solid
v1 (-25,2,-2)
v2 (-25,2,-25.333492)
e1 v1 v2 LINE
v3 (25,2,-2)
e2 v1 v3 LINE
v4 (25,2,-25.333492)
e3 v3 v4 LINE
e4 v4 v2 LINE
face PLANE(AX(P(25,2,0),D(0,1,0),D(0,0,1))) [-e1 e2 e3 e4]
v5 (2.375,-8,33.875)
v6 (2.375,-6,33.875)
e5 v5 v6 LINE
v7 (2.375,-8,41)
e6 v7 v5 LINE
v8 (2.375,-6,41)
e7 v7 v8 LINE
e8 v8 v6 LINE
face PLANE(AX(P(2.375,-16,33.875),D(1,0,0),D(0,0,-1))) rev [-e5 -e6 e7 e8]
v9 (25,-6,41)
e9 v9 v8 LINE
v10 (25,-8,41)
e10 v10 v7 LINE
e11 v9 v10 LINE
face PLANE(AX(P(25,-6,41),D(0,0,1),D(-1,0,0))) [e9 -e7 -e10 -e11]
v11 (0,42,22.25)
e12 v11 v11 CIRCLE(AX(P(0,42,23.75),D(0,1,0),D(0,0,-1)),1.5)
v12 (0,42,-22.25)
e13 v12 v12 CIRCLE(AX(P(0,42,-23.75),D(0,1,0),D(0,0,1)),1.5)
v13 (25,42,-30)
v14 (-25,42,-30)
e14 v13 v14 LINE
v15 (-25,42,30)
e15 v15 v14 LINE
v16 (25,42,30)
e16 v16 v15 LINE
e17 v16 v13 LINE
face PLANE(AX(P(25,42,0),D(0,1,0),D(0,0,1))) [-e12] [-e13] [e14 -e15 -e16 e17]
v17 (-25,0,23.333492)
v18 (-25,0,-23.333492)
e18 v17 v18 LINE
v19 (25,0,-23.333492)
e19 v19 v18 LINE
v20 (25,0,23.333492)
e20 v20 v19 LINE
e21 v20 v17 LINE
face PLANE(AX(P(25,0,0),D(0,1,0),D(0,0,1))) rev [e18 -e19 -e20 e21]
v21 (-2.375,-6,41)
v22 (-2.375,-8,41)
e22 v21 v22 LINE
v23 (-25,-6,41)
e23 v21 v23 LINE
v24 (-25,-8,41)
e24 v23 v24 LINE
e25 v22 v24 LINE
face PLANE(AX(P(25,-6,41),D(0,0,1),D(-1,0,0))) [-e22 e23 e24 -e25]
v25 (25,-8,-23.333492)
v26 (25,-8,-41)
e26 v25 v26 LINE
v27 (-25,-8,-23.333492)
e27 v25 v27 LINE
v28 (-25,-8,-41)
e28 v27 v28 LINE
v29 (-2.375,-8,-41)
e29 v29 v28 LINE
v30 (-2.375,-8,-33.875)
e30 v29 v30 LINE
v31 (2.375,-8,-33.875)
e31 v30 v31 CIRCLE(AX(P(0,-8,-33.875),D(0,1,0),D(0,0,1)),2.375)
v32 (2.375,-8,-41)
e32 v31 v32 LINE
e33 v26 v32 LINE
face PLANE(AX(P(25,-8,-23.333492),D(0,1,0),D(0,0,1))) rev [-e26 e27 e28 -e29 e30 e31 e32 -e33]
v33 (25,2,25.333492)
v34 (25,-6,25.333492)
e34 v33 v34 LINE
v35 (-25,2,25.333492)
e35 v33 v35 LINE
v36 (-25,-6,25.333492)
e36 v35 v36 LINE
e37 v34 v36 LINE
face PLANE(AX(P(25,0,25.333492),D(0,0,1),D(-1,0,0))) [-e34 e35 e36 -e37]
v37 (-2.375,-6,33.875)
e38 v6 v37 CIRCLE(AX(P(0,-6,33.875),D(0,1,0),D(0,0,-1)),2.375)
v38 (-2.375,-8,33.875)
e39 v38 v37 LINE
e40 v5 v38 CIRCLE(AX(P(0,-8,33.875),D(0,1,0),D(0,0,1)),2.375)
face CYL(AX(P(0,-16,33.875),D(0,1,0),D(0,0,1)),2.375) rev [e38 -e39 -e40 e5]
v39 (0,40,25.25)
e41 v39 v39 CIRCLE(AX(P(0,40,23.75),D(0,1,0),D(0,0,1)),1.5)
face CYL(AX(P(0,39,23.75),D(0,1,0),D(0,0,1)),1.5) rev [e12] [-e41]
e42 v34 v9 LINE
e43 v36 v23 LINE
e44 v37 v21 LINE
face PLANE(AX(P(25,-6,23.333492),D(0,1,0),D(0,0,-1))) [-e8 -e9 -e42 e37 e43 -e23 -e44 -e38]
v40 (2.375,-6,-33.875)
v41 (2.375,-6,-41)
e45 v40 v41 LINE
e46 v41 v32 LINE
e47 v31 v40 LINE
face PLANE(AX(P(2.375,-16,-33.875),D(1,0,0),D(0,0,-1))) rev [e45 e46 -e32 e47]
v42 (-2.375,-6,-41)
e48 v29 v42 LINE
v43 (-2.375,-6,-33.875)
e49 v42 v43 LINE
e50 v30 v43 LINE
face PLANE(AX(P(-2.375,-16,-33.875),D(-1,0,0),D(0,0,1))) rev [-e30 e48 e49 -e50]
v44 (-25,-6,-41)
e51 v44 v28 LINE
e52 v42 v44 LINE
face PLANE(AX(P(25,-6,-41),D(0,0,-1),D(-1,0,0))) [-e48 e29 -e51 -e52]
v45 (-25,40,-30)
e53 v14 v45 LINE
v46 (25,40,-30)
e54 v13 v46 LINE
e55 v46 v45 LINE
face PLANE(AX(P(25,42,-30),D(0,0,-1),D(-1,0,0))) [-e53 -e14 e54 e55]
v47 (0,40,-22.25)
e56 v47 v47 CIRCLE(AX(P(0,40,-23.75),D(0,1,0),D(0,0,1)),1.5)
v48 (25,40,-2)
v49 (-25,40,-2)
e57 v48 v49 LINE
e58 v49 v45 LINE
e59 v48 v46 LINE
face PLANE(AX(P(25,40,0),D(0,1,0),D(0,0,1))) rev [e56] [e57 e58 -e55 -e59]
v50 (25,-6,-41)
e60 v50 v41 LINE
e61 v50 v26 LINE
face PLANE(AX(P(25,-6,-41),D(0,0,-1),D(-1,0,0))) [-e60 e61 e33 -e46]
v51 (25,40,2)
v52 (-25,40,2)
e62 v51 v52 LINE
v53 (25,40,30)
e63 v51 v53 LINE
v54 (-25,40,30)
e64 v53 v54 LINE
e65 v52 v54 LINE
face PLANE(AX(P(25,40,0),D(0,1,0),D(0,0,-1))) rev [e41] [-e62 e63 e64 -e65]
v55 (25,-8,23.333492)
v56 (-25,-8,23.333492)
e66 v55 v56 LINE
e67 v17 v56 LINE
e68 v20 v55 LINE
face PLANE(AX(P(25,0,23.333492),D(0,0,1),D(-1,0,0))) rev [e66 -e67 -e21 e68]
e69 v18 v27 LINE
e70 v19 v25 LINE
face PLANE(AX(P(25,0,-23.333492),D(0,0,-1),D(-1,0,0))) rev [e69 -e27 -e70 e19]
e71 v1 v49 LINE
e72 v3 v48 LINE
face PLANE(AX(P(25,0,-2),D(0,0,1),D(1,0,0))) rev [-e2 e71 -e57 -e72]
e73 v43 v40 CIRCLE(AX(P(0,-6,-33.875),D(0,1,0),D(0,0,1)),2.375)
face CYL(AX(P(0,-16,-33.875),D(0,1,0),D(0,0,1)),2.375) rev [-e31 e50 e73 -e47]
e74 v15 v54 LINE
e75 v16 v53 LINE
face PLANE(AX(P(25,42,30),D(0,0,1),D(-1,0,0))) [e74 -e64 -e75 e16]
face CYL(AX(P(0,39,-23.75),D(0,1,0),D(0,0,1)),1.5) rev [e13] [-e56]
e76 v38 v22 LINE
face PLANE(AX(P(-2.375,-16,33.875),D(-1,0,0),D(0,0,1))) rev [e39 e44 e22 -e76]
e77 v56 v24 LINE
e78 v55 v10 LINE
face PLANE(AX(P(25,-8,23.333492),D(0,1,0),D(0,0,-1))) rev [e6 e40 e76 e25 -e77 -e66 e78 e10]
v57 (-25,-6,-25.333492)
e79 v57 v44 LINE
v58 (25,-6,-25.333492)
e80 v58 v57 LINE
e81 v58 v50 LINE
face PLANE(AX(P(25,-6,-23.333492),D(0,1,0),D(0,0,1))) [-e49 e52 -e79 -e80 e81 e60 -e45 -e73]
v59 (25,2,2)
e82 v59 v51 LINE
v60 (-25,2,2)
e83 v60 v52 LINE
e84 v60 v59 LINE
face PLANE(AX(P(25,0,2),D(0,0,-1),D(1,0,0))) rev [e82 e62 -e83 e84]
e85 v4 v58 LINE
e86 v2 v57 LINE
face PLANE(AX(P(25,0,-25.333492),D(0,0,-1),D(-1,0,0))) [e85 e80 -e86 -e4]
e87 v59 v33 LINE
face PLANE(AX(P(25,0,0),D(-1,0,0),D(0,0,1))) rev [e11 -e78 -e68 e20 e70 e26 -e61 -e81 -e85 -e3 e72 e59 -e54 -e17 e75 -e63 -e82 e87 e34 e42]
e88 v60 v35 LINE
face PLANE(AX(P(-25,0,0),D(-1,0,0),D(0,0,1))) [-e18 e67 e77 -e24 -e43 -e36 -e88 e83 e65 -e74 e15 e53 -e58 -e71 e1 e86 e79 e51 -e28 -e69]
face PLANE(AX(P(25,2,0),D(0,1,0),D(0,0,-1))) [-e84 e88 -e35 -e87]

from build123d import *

# Parameters (mm, degrees)
EXTRUDE_THIN1_DEPTH = 25
EXTRUDE_THIN2_DEPTH = 25
CUT_EXTRUDE1_DEPTH  = 10
SKETCH4_R           = 1.5
CUT_EXTRUDE2_DEPTH  = 3


with BuildPart() as part:
    # Sketch1 → Extrude-Thin1 (new, symmetric)
    with BuildSketch(Plane(origin=(0, 0, 0), x_dir=(0, 0, -1), z_dir=(1, 0, 0))):
        Polygon((0, 0), (23.333492345, 0), (23.333492345, -8), (41, -8), (41, -6), (25.333492345, -6), (25.333492345, 2), (0, 2), align=None)
    extrude(amount=EXTRUDE_THIN1_DEPTH, both=True)

    # Sketch2 → Extrude-Thin2 (add, symmetric)
    with BuildSketch(Plane(origin=(0, 0, 0), x_dir=(0, 0, -1), z_dir=(1, 0, 0))):
        Polygon((0, 0), (0, 42), (30, 42), (30, 40), (2, 40), (2, 0), align=None)
    extrude(amount=EXTRUDE_THIN2_DEPTH, both=True)

    # Mirror1: part across face


with BuildPart() as part_1:
    add(part.part)
    add(part.part.mirror(Plane(origin=(0, 21, 0), x_dir=(1, 0, 0), z_dir=(0, 0, 1))))

    # Sketch3 → Cut-Extrude1 (cut)
    with BuildSketch(Plane(origin=(0, -6, 0), x_dir=(1, 0, 0), z_dir=(0, 1, 0))):
        with BuildLine():
            Line((-2.375, 33.875), (-2.375, 51.560435524))
            ThreePointArc((-2.375, 51.560435524), (0, 53.935435524), (2.375, 51.560435524))
            Line((2.375, 51.560435524), (2.375, 33.875))
            ThreePointArc((2.375, 33.875), (0, 31.5), (-2.375, 33.875))
        make_face()
        with BuildLine():
            Line((-2.375, -33.875), (-2.375, -51.560435524))
            ThreePointArc((-2.375, -51.560435524), (0, -53.935435524), (2.375, -51.560435524))
            Line((2.375, -51.560435524), (2.375, -33.875))
            ThreePointArc((2.375, -33.875), (0, -31.5), (-2.375, -33.875))
        make_face()
    extrude(amount=-CUT_EXTRUDE1_DEPTH, mode=Mode.SUBTRACT)

    # Sketch4 → Cut-Extrude2 (cut)
    with BuildSketch(Plane(origin=(0, 42, 0), x_dir=(1, 0, 0), z_dir=(0, 1, 0))):
        with Locations(Location((0, 23.75, 0), (0, 0, 270))):
            Circle(SKETCH4_R)
        with Locations(Location((0, -23.75, 0), (0, 0, 270))):
            Circle(SKETCH4_R)
    extrude(amount=-CUT_EXTRUDE2_DEPTH, mode=Mode.SUBTRACT)


solid = part_1.part
